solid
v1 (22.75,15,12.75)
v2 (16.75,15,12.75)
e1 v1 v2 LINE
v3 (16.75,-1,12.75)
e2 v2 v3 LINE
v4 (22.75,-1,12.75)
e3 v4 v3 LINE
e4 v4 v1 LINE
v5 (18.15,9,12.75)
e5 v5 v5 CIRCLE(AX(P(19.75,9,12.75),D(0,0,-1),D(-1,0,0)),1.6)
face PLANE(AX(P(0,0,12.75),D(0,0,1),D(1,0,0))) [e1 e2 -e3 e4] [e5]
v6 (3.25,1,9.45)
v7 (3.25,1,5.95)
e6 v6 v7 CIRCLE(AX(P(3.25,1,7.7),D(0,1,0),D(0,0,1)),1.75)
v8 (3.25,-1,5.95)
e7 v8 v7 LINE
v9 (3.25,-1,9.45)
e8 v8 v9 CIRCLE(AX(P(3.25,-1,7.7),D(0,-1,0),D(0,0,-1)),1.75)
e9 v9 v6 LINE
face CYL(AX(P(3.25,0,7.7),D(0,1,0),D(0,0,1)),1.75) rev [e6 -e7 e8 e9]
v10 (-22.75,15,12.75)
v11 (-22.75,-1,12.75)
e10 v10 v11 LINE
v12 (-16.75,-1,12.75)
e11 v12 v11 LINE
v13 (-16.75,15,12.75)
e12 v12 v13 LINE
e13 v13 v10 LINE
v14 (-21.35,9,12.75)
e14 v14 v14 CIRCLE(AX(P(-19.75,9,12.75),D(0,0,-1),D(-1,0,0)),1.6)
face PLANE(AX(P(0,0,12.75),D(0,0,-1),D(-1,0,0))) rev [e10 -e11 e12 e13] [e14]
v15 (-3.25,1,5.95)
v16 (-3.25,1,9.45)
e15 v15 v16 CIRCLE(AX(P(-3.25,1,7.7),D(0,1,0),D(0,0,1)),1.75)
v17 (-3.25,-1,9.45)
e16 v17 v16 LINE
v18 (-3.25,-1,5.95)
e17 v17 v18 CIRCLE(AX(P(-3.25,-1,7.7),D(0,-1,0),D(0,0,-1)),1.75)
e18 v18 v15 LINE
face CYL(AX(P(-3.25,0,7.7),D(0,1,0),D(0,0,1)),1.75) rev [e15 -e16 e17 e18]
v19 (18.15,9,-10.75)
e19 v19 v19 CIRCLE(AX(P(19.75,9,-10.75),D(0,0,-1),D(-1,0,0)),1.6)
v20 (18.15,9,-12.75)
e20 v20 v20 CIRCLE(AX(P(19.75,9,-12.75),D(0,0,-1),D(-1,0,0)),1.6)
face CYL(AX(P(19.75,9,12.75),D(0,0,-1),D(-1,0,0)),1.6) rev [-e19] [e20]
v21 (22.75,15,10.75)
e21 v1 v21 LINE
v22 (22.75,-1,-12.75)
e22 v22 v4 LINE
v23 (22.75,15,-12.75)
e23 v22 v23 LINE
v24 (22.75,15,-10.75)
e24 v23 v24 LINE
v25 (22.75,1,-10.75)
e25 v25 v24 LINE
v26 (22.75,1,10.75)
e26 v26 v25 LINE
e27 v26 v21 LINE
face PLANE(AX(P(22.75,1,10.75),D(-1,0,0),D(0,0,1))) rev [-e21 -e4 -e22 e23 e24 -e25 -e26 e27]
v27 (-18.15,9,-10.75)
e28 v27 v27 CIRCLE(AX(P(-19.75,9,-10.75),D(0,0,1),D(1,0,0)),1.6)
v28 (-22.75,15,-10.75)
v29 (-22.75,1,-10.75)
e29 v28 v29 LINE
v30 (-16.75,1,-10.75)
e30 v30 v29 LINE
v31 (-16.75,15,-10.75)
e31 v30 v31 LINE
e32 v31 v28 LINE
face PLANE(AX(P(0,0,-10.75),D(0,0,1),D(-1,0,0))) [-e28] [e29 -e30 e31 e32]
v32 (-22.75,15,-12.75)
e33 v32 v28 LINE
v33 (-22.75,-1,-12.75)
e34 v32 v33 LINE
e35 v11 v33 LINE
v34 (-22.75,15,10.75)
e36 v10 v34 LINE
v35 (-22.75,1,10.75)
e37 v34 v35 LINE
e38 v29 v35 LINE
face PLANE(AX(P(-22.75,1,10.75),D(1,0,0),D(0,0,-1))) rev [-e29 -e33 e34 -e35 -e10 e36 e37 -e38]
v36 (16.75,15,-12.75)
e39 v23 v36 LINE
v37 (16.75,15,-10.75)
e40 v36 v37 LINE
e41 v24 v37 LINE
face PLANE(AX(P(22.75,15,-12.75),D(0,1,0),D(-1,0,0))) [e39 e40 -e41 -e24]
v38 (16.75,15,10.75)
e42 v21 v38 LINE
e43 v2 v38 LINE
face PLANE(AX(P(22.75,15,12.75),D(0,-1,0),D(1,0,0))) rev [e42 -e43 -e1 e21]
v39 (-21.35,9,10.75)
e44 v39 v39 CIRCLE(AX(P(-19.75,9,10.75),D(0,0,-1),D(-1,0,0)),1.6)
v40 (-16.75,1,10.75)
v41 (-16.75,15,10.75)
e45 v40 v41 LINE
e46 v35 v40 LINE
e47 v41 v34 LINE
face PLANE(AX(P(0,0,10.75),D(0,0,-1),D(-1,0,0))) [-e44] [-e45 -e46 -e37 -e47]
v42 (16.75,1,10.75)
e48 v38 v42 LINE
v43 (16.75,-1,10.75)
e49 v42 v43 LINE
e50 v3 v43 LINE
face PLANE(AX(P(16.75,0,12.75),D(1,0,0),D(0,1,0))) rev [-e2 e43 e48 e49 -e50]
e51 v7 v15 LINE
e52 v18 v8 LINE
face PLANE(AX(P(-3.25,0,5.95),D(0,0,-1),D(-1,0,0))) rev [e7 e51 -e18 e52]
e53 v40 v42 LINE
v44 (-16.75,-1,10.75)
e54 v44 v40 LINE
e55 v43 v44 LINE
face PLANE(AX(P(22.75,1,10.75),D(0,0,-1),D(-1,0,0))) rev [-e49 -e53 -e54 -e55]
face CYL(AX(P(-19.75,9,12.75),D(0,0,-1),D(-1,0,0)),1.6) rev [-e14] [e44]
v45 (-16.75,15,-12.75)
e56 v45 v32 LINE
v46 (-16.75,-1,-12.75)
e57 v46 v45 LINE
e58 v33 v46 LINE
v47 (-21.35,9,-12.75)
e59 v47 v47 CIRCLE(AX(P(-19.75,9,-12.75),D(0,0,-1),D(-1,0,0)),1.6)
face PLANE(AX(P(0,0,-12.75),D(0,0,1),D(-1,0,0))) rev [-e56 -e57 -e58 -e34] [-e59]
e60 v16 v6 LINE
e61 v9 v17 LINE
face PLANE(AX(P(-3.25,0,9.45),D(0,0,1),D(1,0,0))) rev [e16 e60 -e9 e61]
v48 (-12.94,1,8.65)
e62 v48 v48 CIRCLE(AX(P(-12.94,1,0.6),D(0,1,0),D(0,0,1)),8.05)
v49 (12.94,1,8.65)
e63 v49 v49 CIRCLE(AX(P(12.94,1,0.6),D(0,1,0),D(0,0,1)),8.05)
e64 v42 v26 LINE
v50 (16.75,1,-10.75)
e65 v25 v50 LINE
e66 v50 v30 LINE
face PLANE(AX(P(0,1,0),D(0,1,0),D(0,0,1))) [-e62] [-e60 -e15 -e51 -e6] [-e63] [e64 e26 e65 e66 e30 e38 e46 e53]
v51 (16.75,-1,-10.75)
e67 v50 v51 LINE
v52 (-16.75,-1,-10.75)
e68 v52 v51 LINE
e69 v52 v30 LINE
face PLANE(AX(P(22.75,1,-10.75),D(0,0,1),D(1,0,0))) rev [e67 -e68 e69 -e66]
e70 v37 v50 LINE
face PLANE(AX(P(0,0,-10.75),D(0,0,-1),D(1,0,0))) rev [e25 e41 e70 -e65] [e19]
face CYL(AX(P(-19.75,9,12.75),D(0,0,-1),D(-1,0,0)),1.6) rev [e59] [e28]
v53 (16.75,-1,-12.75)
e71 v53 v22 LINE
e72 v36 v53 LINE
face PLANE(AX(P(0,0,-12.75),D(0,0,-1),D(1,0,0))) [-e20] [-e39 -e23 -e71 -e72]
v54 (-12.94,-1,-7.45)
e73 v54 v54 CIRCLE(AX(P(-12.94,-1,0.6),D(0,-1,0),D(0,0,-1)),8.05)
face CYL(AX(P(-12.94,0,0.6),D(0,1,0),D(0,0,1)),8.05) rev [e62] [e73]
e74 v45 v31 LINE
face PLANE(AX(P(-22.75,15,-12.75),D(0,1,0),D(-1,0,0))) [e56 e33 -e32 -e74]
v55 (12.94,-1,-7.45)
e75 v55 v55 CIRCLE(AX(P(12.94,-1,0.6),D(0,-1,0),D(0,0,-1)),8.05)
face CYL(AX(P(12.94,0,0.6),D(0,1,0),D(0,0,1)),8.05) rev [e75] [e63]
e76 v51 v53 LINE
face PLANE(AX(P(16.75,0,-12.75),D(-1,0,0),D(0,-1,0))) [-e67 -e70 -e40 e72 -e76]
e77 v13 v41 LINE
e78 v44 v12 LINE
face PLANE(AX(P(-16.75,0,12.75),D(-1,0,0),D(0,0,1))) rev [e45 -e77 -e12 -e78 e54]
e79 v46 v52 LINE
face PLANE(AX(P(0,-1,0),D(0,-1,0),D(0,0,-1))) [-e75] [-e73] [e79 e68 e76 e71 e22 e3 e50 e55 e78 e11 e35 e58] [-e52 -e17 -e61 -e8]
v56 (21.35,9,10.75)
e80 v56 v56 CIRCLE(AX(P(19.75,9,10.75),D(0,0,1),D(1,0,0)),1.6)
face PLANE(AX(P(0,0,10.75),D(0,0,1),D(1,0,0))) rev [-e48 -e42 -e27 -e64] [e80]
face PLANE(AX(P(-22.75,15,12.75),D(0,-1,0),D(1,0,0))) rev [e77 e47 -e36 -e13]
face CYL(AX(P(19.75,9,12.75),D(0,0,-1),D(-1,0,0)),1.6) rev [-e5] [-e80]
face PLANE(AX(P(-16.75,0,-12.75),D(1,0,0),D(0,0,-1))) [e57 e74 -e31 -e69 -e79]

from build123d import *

# Parameters (mm, degrees)
SKETCH_1_W          = 45.5
SKETCH_1_H          = 21.5
EXTRUDE_1_DEPTH     = 1
SKETCH_2_W          = 6
SKETCH_2_H          = 15
EXTRUDE_2_DEPTH     = 2
SKETCH_3_R          = 8.05
CUT_EXTRUDE_1_DEPTH = 30.599408778
CUT_EXTRUDE_2_DEPTH = 30.599408778
SKETCH_5_R          = 1.6
CUT_EXTRUDE_3_DEPTH = 38.320403267
SKETCH_6_R          = 8.05
EXTRUDE_3_DEPTH     = 1


with BuildPart() as part:
    # 草圖1 → 填料-伸長1 (new body)
    with BuildSketch(Plane(origin=(0, 0, 0), x_dir=(1, 0, 0), z_dir=(0, 1, 0))):
        Rectangle(SKETCH_1_W, SKETCH_1_H)
    extrude(amount=EXTRUDE_1_DEPTH)

    # 草圖2 → 填料-伸長2 (add)
    with BuildSketch(Plane.XY.offset(10.75)):
        with Locations((-19.75, 7.5)):
            Rectangle(SKETCH_2_W, SKETCH_2_H)
        with Locations((19.75, 7.5)):
            Rectangle(SKETCH_2_W, SKETCH_2_H)
    extrude_2 = extrude(amount=EXTRUDE_2_DEPTH)

    # 鏡射1: 填料-伸長2 across plane
    add(extrude_2.mirror(Plane.XY))

    # 草圖3 → 除料-伸長1 (cut, through all)
    with BuildSketch(Plane(origin=(0, 1, 0), x_dir=(1, 0, 0), z_dir=(0, 1, 0))):
        with Locations(Location((-12.94, -0.6, 0), (0, 0, 270))):
            Circle(SKETCH_3_R)
        with Locations(Location((12.94, -0.6, 0), (0, 0, 270))):
            Circle(SKETCH_3_R)
    extrude(amount=-CUT_EXTRUDE_1_DEPTH, mode=Mode.SUBTRACT)

    # 草圖4 → 除料-伸長2 (cut, through all)
    with BuildSketch(Plane(origin=(0, 1, 0), x_dir=(1, 0, 0), z_dir=(0, 1, 0))):
        with BuildLine():
            Line((-3.25, -5.95), (3.25, -5.95))
            ThreePointArc((3.25, -5.95), (5, -7.7), (3.25, -9.45))
            Line((3.25, -9.45), (-3.25, -9.45))
            ThreePointArc((-3.25, -9.45), (-5, -7.7), (-3.25, -5.95))
        make_face()
    extrude(amount=-CUT_EXTRUDE_2_DEPTH, mode=Mode.SUBTRACT)

    # 草圖5 → 除料-伸長3 (cut, through all)
    with BuildSketch(Plane(origin=(0, 0, -12.75), x_dir=(-1, 0, 0), z_dir=(0, 0, -1))):
        with Locations((19.75, 9)):
            Circle(SKETCH_5_R)
        with Locations((-19.75, 9)):
            Circle(SKETCH_5_R)
    extrude(amount=-CUT_EXTRUDE_3_DEPTH, mode=Mode.SUBTRACT)

    # 草圖6 → 填料-伸長3 (add)
    with BuildSketch(Plane.XZ):
        Polygon((-22.75, 12.75), (-22.75, -12.75), (-16.75, -12.75), (-16.75, -10.75), (16.75, -10.75), (16.75, -12.75), (22.75, -12.75), (22.75, 12.75), (16.75, 12.75), (16.75, 10.75), (-16.75, 10.75), (-16.75, 12.75), align=None)
        with Locations(Location((-12.94, 0.6, 0), (0, 0, 90))):
            Circle(SKETCH_6_R, mode=Mode.SUBTRACT)
        with Locations(Location((12.94, 0.6, 0), (0, 0, 90))):
            Circle(SKETCH_6_R, mode=Mode.SUBTRACT)
        with BuildLine():
            Line((3.25, 5.95), (-3.25, 5.95))
            ThreePointArc((-3.25, 5.95), (-5, 7.7), (-3.25, 9.45))
            Line((-3.25, 9.45), (3.25, 9.45))
            ThreePointArc((3.25, 9.45), (5, 7.7), (3.25, 5.95))
        make_face(mode=Mode.SUBTRACT)
    extrude(amount=EXTRUDE_3_DEPTH)


solid = part.part
